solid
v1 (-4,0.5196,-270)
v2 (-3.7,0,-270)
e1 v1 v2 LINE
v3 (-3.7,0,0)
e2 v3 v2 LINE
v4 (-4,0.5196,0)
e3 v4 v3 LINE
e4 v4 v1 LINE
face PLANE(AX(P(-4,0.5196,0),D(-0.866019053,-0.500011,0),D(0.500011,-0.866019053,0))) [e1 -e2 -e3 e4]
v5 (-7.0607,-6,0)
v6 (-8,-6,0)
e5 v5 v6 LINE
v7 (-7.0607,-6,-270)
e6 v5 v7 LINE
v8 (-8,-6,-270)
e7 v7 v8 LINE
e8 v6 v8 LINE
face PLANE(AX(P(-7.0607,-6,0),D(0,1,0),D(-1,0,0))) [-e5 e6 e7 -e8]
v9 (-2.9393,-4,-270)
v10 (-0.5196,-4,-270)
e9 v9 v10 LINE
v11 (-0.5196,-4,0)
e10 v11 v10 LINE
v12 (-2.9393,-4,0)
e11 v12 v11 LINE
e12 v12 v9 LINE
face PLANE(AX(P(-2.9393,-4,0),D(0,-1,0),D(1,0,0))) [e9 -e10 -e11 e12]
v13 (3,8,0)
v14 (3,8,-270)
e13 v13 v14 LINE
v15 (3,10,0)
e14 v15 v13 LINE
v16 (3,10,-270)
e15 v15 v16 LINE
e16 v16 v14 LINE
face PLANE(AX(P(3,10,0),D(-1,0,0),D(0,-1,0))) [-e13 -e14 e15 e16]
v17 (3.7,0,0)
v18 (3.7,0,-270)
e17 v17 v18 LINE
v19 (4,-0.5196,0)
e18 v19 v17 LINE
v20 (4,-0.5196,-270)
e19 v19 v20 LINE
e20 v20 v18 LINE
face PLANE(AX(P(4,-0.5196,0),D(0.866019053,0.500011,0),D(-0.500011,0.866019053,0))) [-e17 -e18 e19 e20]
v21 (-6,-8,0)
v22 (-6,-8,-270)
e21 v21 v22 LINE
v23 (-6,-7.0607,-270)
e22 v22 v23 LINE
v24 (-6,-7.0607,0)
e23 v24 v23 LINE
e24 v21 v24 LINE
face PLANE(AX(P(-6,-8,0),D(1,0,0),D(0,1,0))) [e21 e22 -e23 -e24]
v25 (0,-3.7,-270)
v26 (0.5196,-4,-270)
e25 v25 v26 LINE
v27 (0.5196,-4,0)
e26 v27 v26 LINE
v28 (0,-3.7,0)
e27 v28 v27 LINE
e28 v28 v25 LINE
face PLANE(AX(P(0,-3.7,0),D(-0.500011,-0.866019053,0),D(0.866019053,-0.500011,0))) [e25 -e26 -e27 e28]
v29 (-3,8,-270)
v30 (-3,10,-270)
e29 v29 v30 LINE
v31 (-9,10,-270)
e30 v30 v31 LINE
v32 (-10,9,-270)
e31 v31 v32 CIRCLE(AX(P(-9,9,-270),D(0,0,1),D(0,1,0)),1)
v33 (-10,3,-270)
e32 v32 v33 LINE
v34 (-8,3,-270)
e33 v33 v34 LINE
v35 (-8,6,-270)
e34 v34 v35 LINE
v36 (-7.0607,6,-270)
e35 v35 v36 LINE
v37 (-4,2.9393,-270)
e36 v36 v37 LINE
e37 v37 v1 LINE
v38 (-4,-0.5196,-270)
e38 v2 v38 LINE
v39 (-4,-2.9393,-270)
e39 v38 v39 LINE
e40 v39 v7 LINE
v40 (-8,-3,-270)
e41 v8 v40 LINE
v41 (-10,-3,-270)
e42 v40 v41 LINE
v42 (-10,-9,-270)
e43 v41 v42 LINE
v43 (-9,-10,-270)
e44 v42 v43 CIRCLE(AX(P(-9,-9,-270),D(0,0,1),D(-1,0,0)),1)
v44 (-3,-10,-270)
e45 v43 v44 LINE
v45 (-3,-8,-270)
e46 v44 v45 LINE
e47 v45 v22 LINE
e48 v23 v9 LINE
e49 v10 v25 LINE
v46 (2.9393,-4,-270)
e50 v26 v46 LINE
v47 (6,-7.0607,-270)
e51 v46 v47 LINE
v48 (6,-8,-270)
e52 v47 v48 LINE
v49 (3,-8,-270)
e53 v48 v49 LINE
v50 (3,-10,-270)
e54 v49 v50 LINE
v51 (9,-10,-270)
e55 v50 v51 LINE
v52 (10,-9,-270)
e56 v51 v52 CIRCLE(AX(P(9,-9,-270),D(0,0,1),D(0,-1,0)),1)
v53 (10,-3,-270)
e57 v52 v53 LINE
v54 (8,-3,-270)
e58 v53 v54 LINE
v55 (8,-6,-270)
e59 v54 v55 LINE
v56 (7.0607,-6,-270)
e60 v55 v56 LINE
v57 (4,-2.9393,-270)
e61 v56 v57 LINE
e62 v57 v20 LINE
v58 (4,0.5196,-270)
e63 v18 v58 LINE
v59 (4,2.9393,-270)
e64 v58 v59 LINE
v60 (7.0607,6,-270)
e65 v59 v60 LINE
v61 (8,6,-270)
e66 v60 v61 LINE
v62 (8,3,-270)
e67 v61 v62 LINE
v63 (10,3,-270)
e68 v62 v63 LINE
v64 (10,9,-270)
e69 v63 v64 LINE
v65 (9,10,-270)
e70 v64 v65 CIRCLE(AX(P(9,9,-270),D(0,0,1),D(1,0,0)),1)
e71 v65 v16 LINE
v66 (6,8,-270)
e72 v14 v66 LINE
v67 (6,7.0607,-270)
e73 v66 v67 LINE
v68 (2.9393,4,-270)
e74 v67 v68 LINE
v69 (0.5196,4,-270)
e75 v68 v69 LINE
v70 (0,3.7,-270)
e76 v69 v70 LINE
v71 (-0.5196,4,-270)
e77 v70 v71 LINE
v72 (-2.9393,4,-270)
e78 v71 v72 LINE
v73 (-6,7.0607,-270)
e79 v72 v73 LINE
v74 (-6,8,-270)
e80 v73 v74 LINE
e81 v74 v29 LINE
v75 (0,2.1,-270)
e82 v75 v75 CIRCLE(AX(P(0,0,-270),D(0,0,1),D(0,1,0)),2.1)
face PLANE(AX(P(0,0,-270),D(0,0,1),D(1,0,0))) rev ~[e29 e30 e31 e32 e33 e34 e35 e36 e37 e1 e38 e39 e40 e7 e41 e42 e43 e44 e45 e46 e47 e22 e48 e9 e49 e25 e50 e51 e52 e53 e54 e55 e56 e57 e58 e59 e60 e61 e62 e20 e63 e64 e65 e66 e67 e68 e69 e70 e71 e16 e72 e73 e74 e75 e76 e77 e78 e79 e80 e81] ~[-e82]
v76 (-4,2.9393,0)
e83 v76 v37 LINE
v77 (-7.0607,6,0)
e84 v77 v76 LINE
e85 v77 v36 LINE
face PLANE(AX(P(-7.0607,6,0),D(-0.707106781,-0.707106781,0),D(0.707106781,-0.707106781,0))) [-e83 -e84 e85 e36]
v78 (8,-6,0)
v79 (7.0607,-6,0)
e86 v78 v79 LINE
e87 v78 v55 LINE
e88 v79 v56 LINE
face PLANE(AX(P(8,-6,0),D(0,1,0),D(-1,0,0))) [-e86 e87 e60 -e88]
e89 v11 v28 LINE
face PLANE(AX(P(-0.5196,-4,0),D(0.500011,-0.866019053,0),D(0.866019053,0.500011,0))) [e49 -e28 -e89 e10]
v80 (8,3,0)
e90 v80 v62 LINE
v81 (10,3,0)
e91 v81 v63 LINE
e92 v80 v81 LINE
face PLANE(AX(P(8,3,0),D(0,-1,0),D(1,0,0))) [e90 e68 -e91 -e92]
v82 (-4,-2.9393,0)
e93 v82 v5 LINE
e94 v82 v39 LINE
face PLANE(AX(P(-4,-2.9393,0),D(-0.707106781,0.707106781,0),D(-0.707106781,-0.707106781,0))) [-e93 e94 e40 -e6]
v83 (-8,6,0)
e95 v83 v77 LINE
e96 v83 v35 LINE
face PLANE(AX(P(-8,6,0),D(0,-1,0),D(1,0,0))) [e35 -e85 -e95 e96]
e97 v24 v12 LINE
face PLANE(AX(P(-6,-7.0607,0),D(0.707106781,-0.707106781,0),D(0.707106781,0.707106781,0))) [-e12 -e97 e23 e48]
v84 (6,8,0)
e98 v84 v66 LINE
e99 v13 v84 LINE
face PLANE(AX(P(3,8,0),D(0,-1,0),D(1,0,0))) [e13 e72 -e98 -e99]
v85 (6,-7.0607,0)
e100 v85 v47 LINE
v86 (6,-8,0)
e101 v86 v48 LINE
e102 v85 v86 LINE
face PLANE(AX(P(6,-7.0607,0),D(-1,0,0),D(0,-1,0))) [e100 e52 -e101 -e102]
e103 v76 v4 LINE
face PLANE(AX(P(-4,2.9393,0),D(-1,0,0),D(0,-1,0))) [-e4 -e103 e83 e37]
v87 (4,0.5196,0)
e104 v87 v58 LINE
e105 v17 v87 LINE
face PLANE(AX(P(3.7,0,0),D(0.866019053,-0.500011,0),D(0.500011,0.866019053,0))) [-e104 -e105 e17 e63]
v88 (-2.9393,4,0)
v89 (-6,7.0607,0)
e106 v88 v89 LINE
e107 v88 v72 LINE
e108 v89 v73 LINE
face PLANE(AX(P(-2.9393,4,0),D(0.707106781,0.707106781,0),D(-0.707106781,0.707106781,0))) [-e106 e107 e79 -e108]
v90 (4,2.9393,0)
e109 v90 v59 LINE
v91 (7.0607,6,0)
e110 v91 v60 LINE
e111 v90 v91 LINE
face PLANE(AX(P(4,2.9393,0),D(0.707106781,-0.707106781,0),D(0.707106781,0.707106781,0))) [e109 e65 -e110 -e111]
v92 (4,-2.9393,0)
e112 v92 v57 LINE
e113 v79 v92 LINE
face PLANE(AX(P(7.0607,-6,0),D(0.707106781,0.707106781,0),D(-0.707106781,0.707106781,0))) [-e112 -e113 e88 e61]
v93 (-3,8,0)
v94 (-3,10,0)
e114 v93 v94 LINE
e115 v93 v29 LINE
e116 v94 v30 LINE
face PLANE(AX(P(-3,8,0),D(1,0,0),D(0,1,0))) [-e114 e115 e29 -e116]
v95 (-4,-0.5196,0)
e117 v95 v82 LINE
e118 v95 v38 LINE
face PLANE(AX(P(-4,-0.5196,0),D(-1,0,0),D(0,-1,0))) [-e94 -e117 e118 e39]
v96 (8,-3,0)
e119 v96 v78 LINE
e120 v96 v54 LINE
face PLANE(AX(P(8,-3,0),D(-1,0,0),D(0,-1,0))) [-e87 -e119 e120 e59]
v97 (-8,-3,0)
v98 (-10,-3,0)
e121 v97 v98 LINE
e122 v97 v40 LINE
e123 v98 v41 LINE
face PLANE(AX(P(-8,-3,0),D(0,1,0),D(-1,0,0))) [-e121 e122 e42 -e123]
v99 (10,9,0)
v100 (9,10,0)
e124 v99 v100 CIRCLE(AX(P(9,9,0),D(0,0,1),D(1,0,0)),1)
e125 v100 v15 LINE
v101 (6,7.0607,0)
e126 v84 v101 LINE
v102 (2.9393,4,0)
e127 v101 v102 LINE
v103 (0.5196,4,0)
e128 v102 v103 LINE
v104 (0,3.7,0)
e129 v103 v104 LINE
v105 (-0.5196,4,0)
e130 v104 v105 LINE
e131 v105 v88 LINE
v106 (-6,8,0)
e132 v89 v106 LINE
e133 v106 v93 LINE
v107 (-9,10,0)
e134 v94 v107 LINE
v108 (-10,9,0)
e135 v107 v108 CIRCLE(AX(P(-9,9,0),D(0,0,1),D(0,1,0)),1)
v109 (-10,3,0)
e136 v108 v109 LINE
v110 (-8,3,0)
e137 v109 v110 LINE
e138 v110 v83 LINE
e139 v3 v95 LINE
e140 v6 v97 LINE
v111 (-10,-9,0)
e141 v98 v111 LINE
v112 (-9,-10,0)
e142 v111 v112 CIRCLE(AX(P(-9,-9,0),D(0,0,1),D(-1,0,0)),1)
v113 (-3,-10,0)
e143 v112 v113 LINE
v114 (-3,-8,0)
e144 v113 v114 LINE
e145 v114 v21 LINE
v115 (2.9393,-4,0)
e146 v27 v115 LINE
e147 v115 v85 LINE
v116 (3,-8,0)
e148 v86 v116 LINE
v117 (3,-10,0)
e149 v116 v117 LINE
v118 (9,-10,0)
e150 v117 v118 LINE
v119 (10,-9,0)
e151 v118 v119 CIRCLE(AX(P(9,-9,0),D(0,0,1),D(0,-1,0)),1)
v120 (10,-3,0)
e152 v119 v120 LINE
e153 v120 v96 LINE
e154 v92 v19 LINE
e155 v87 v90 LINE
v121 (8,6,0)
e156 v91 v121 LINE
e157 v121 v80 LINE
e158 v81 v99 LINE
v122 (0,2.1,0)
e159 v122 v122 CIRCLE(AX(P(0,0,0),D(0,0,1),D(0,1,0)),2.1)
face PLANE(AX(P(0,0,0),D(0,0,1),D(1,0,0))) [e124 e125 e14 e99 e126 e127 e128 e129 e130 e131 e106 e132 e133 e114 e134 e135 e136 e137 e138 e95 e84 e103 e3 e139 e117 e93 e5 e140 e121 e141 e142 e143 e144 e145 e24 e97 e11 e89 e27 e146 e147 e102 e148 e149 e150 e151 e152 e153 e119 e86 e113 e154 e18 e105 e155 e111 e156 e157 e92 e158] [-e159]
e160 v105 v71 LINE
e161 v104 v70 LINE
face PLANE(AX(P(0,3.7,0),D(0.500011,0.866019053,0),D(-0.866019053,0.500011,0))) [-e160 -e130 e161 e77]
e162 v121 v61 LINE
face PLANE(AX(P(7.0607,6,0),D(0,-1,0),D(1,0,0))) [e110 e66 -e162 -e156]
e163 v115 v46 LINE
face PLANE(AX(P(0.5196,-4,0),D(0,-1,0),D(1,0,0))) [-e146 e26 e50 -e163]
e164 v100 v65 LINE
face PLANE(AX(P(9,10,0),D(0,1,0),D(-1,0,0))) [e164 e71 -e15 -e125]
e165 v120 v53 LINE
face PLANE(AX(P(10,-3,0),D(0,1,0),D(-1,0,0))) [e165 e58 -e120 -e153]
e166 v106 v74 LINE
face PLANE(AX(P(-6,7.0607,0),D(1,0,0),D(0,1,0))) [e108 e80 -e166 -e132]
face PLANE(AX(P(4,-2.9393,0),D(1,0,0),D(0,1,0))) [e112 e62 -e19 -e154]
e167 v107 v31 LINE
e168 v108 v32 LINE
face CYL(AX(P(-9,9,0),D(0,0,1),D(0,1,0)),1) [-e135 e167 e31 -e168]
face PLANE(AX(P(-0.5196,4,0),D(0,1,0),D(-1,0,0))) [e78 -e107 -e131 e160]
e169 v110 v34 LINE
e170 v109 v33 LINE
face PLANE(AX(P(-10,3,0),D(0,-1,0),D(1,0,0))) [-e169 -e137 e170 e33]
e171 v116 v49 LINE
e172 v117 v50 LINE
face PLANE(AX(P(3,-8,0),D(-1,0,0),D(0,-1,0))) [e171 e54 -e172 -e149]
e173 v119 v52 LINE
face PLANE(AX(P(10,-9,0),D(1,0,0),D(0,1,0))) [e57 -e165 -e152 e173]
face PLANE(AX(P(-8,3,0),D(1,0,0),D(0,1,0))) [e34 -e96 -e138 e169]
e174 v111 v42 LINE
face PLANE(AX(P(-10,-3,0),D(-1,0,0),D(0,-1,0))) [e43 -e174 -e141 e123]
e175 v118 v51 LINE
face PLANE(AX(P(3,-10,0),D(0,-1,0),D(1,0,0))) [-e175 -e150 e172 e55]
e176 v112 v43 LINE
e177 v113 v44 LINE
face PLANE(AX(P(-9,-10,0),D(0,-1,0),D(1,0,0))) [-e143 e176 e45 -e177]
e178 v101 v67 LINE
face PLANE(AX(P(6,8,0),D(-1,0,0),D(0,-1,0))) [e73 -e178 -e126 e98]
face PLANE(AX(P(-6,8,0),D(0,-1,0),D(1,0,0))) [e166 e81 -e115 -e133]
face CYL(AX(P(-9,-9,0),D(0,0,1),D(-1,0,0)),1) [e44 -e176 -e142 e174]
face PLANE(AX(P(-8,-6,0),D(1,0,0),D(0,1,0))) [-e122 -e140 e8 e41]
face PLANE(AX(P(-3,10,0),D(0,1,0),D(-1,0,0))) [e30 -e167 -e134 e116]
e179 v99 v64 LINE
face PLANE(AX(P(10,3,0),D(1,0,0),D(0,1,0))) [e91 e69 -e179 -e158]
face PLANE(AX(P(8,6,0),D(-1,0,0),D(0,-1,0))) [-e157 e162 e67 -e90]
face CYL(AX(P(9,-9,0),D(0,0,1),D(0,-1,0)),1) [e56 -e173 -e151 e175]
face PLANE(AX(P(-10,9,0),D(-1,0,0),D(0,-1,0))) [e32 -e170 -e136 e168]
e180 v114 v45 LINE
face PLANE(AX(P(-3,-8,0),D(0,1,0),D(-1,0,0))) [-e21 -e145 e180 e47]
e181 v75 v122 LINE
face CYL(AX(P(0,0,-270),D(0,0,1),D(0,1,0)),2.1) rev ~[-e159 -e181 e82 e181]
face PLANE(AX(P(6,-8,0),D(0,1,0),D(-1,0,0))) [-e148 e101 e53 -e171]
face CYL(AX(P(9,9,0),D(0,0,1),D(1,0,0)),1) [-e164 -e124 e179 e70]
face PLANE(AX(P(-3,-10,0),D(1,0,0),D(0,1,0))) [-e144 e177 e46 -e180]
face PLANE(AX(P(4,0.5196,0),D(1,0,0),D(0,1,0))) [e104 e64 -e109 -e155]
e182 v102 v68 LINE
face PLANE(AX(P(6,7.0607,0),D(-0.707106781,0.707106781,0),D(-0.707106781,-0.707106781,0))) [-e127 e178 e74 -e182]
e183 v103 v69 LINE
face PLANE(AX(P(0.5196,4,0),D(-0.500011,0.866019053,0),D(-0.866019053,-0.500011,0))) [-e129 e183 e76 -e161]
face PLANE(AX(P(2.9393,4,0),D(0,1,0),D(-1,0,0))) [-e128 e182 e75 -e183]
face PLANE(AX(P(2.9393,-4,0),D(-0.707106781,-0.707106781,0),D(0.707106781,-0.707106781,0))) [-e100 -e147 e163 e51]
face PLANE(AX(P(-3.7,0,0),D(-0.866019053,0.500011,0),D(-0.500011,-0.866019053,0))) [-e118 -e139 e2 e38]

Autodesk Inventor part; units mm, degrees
sketch "Sketch_1" plane through (0, 0, 0) normal (0, 0, 1) x (1, 0, 0)
  line L0 (-10, -3) -> (-10, -9)
  arc A0 (-10, -9) -> (-9, -10) centre (-9, -9) ccw
  line L1 (-9, -10) -> (-3, -10)
  line L2 (-3, -10) -> (-3, -8)
  line L3 (-3, -8) -> (-6, -8)
  line L4 (-6, -8) -> (-6, -7.0607)
  line L5 (-6, -7.0607) -> (-2.9393, -4)
  line L6 (-2.9393, -4) -> (-0.5196, -4)
  line L7 (-0.5196, -4) -> (0, -3.7)
  line L8 (0, -3.7) -> (0.5196, -4)
  line L9 (0.5196, -4) -> (2.9393, -4)
  line L10 (2.9393, -4) -> (6, -7.0607)
  line L11 (6, -7.0607) -> (6, -8)
  line L12 (6, -8) -> (3, -8)
  line L13 (3, -8) -> (3, -10)
  line L14 (3, -10) -> (9, -10)
  arc A1 (9, -10) -> (10, -9) centre (9, -9) ccw
  line L15 (10, -9) -> (10, -3)
  line L16 (10, -3) -> (8, -3)
  line L17 (8, -3) -> (8, -6)
  line L18 (8, -6) -> (7.0607, -6)
  line L19 (7.0607, -6) -> (4, -2.9393)
  line L20 (4, -2.9393) -> (4, -0.5196)
  line L21 (4, -0.5196) -> (3.7, 0)
  line L22 (3.7, 0) -> (4, 0.5196)
  line L23 (4, 0.5196) -> (4, 2.9393)
  line L24 (4, 2.9393) -> (7.0607, 6)
  line L25 (7.0607, 6) -> (8, 6)
  line L26 (8, 6) -> (8, 3)
  line L27 (8, 3) -> (10, 3)
  line L28 (10, 3) -> (10, 9)
  arc A2 (10, 9) -> (9, 10) centre (9, 9) ccw
  line L29 (9, 10) -> (3, 10)
  line L30 (3, 10) -> (3, 8)
  line L31 (3, 8) -> (6, 8)
  line L32 (6, 8) -> (6, 7.0607)
  line L33 (6, 7.0607) -> (2.9393, 4)
  line L34 (2.9393, 4) -> (0.5196, 4)
  line L35 (0.5196, 4) -> (0, 3.7)
  line L36 (0, 3.7) -> (-0.5196, 4)
  line L37 (-0.5196, 4) -> (-2.9393, 4)
  line L38 (-2.9393, 4) -> (-6, 7.0607)
  line L39 (-6, 7.0607) -> (-6, 8)
  line L40 (-6, 8) -> (-3, 8)
  line L41 (-3, 8) -> (-3, 10)
  line L42 (-3, 10) -> (-9, 10)
  arc A3 (-9, 10) -> (-10, 9) centre (-9, 9) ccw
  line L43 (-10, 9) -> (-10, 3)
  line L44 (-10, 3) -> (-8, 3)
  line L45 (-8, 3) -> (-8, 6)
  line L46 (-8, 6) -> (-7.0607, 6)
  line L47 (-7.0607, 6) -> (-4, 2.9393)
  line L48 (-4, 2.9393) -> (-4, 0.5196)
  line L49 (-4, 0.5196) -> (-3.7, 0)
  line L50 (-3.7, 0) -> (-4, -0.5196)
  line L51 (-4, -0.5196) -> (-4, -2.9393)
  line L52 (-4, -2.9393) -> (-7.0607, -6)
  line L53 (-7.0607, -6) -> (-8, -6)
  line L54 (-8, -6) -> (-8, -3)
  line L55 (-8, -3) -> (-10, -3)
extrude "Extrusion1" add sketch "Sketch_1" against normal blind 270
sketch "Sketch2" plane through (0, 0, -270) normal (0, 0, -1) x (-1, 0, 0)
  point P0 (0, 0)
hole "Hole1" at (0, 0, -270) direction (0, 0, 1) diameter 4.2 depth 270
ref_plane "C1_XY" through (0, 0, 0) normal (0, 0, 1) x (1, 0, 0)
ref_plane "C1_YZ" through (0, 0, 0) normal (1, 0, 0) x (0, 1, 0)
ref_plane "C1_ZX" through (0, 0, 0) normal (0, 1, 0) x (0, 0, 1)
properties part number "HFS5-2020-270"
